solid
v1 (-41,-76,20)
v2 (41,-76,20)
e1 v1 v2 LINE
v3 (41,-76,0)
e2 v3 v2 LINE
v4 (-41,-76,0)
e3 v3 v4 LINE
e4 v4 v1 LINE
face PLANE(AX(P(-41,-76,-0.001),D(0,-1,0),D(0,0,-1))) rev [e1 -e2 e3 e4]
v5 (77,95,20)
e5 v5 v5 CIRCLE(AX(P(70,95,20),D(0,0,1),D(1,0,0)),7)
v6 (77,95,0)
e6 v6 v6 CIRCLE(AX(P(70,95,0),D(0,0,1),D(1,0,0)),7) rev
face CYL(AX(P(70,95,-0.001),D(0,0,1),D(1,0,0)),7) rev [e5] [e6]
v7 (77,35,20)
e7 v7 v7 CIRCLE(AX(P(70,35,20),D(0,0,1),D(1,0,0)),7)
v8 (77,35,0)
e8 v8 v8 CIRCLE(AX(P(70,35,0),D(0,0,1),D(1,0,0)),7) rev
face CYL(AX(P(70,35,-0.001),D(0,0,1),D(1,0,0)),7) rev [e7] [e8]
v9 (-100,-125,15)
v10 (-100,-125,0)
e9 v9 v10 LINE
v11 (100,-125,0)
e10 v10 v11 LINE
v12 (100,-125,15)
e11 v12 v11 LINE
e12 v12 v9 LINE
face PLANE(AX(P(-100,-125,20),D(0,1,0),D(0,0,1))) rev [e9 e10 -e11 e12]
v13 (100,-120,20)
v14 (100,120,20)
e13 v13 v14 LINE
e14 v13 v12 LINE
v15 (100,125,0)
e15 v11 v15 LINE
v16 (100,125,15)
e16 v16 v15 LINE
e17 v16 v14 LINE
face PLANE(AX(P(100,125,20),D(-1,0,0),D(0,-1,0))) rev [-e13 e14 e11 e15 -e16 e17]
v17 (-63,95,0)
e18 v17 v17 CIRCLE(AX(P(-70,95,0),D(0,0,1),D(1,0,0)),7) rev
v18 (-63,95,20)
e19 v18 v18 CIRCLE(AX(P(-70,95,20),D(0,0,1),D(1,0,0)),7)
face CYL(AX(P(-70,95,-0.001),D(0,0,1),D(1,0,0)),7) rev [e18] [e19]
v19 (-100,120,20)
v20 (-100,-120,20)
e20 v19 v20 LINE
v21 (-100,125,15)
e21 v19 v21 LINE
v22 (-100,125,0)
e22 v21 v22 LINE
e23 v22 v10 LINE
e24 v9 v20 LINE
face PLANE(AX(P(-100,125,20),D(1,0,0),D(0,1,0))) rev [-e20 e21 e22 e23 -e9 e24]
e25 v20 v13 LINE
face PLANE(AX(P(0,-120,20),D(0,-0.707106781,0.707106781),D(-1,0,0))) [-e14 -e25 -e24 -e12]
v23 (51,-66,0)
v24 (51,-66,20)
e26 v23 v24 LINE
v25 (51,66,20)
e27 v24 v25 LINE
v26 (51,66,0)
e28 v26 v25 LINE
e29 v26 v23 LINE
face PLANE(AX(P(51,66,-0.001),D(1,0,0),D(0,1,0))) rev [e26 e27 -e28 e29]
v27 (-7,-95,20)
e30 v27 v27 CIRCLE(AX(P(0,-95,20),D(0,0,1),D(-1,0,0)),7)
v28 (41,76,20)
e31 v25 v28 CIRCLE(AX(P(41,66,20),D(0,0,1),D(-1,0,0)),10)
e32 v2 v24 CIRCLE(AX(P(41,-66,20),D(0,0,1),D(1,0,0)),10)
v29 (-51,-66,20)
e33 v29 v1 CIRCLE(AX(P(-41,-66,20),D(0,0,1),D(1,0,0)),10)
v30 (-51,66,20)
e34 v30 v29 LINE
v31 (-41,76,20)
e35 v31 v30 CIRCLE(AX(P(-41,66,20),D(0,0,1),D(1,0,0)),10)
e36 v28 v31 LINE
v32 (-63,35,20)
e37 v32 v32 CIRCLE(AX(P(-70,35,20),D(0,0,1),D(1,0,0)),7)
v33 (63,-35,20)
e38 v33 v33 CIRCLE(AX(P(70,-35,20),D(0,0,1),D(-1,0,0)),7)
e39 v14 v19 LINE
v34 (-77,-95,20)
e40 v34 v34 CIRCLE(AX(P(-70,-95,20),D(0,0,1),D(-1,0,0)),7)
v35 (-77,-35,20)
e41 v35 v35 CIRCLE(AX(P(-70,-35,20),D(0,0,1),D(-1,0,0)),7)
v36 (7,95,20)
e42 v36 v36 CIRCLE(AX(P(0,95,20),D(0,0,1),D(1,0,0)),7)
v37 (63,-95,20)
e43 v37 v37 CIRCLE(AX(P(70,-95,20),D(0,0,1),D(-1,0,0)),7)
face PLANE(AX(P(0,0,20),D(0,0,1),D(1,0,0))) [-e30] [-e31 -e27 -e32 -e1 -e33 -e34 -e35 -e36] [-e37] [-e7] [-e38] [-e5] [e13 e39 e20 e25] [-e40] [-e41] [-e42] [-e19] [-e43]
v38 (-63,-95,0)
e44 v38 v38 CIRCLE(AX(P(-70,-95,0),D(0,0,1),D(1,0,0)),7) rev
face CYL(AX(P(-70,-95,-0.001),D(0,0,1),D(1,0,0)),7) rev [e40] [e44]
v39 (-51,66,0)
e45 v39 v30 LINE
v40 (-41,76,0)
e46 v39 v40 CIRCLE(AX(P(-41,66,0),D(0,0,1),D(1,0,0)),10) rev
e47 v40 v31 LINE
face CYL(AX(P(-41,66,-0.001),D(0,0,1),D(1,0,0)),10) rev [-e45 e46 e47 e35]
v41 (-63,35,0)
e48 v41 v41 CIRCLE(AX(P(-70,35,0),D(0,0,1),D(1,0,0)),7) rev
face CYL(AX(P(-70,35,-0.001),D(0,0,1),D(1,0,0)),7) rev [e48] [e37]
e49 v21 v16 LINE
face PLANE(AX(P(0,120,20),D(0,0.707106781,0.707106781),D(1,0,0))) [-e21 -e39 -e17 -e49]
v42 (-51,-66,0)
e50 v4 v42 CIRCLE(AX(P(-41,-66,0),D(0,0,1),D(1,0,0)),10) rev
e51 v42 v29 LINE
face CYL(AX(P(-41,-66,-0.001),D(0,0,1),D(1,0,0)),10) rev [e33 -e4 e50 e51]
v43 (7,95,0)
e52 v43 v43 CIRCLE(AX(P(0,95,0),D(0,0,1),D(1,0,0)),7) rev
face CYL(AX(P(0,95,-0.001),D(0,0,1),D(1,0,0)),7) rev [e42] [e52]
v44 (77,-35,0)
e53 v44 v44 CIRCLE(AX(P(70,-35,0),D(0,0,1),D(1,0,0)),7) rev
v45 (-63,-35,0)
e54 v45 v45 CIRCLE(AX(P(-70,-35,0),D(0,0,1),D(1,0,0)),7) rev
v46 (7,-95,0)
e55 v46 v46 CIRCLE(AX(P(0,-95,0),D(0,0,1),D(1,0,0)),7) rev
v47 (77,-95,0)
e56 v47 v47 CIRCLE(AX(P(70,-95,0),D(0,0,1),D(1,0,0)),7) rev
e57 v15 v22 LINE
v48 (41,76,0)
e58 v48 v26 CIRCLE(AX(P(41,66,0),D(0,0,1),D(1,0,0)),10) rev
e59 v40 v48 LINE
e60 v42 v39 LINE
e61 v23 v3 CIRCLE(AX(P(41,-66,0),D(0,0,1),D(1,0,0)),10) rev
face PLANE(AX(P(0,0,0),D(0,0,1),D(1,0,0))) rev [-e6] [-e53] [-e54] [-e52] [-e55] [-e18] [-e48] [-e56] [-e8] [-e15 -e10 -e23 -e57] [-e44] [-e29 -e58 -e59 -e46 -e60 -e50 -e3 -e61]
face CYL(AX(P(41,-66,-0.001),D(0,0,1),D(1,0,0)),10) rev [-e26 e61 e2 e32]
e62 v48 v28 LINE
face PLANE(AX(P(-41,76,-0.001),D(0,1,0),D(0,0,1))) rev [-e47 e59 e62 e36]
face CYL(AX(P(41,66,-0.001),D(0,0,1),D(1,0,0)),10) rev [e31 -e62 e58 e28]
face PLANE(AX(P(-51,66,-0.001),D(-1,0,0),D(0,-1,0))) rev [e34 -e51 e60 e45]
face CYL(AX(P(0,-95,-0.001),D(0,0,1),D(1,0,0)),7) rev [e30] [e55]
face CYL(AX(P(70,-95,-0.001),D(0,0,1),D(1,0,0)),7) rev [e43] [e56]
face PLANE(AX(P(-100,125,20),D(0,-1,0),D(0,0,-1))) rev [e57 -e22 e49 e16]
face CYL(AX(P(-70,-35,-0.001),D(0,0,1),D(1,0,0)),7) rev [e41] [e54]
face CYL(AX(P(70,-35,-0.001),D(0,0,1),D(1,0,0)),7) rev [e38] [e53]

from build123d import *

# Parameters (mm, degrees)
SKETCH_1_W          = 200
SKETCH_1_H          = 250
EXTRUDE_1_DEPTH     = 20
CUT_EXTRUDE_1_REACH = 163.323
SKETCH_2_R          = 7
CHAMFER_1_SIZE      = 5


with BuildPart() as part:
    # 草图1 → 凸台-拉伸1 (new body)
    with BuildSketch(Plane.XY):
        Rectangle(SKETCH_1_W, SKETCH_1_H)
    extrude(amount=EXTRUDE_1_DEPTH)

    # 草图2 → 切除-拉伸1 (cut, up to next)
    with BuildSketch(Plane.XY.offset(20), mode=Mode.PRIVATE) as cut_extrude_1_sk1:
        with Locations((-70, 95)):
            Circle(SKETCH_2_R)
    cut_extrude_1_tool1 = extrude(cut_extrude_1_sk1.sketch, amount=-CUT_EXTRUDE_1_REACH, mode=Mode.PRIVATE) & part.part
    # 草图2 → 切除-拉伸1 (cut, up to next)
    with BuildSketch(Plane.XY.offset(20), mode=Mode.PRIVATE) as cut_extrude_1_sk2:
        with Locations((0, 95)):
            Circle(SKETCH_2_R)
    cut_extrude_1_tool2 = extrude(cut_extrude_1_sk2.sketch, amount=-CUT_EXTRUDE_1_REACH, mode=Mode.PRIVATE) & part.part
    # 草图2 → 切除-拉伸1 (cut, up to next)
    with BuildSketch(Plane.XY.offset(20), mode=Mode.PRIVATE) as cut_extrude_1_sk3:
        with Locations((70, 95)):
            Circle(SKETCH_2_R)
    cut_extrude_1_tool3 = extrude(cut_extrude_1_sk3.sketch, amount=-CUT_EXTRUDE_1_REACH, mode=Mode.PRIVATE) & part.part
    # 草图2 → 切除-拉伸1 (cut, up to next)
    with BuildSketch(Plane.XY.offset(20), mode=Mode.PRIVATE) as cut_extrude_1_sk4:
        with Locations((-70, 35)):
            Circle(SKETCH_2_R)
    cut_extrude_1_tool4 = extrude(cut_extrude_1_sk4.sketch, amount=-CUT_EXTRUDE_1_REACH, mode=Mode.PRIVATE) & part.part
    # 草图2 → 切除-拉伸1 (cut, up to next)
    with BuildSketch(Plane.XY.offset(20), mode=Mode.PRIVATE) as cut_extrude_1_sk5:
        with Locations((70, 35)):
            Circle(SKETCH_2_R)
    cut_extrude_1_tool5 = extrude(cut_extrude_1_sk5.sketch, amount=-CUT_EXTRUDE_1_REACH, mode=Mode.PRIVATE) & part.part
    # 草图2 → 切除-拉伸1 (cut, up to next)
    with BuildSketch(Plane.XY.offset(20), mode=Mode.PRIVATE) as cut_extrude_1_sk6:
        with Locations((-70, -35)):
            Circle(SKETCH_2_R)
    cut_extrude_1_tool6 = extrude(cut_extrude_1_sk6.sketch, amount=-CUT_EXTRUDE_1_REACH, mode=Mode.PRIVATE) & part.part
    # 草图2 → 切除-拉伸1 (cut, up to next)
    with BuildSketch(Plane.XY.offset(20), mode=Mode.PRIVATE) as cut_extrude_1_sk7:
        with Locations((0, -95)):
            Circle(SKETCH_2_R)
    cut_extrude_1_tool7 = extrude(cut_extrude_1_sk7.sketch, amount=-CUT_EXTRUDE_1_REACH, mode=Mode.PRIVATE) & part.part
    # 草图2 → 切除-拉伸1 (cut, up to next)
    with BuildSketch(Plane.XY.offset(20), mode=Mode.PRIVATE) as cut_extrude_1_sk8:
        with Locations((-70, -95)):
            Circle(SKETCH_2_R)
    cut_extrude_1_tool8 = extrude(cut_extrude_1_sk8.sketch, amount=-CUT_EXTRUDE_1_REACH, mode=Mode.PRIVATE) & part.part
    # 草图2 → 切除-拉伸1 (cut, up to next)
    with BuildSketch(Plane.XY.offset(20), mode=Mode.PRIVATE) as cut_extrude_1_sk9:
        with Locations((70, -35)):
            Circle(SKETCH_2_R)
    cut_extrude_1_tool9 = extrude(cut_extrude_1_sk9.sketch, amount=-CUT_EXTRUDE_1_REACH, mode=Mode.PRIVATE) & part.part
    # 草图2 → 切除-拉伸1 (cut, up to next)
    with BuildSketch(Plane.XY.offset(20), mode=Mode.PRIVATE) as cut_extrude_1_sk10:
        with Locations((70, -95)):
            Circle(SKETCH_2_R)
    cut_extrude_1_tool10 = extrude(cut_extrude_1_sk10.sketch, amount=-CUT_EXTRUDE_1_REACH, mode=Mode.PRIVATE) & part.part
    # 草图2 → 切除-拉伸1 (cut, up to next)
    with BuildSketch(Plane.XY.offset(20), mode=Mode.PRIVATE) as cut_extrude_1_sk11:
        with BuildLine():
            Line((-41, 76), (41, 76))
            ThreePointArc((41, 76), (48.071067812, 73.071067812), (51, 66))
            Line((51, 66), (51, -66))
            ThreePointArc((51, -66), (48.071067812, -73.071067812), (41, -76))
            Line((41, -76), (-41, -76))
            ThreePointArc((-41, -76), (-48.071067812, -73.071067812), (-51, -66))
            Line((-51, -66), (-51, 66))
            ThreePointArc((-51, 66), (-48.071067812, 73.071067812), (-41, 76))
        make_face()
    cut_extrude_1_tool11 = extrude(cut_extrude_1_sk11.sketch, amount=-CUT_EXTRUDE_1_REACH, mode=Mode.PRIVATE) & part.part
    add(cut_extrude_1_tool1.solids().sort_by_distance((-70, 95, 20))[0], mode=Mode.SUBTRACT)
    add(cut_extrude_1_tool2.solids().sort_by_distance((0, 95, 20))[0], mode=Mode.SUBTRACT)
    add(cut_extrude_1_tool3.solids().sort_by_distance((70, 95, 20))[0], mode=Mode.SUBTRACT)
    add(cut_extrude_1_tool4.solids().sort_by_distance((-70, 35, 20))[0], mode=Mode.SUBTRACT)
    add(cut_extrude_1_tool5.solids().sort_by_distance((70, 35, 20))[0], mode=Mode.SUBTRACT)
    add(cut_extrude_1_tool6.solids().sort_by_distance((-70, -35, 20))[0], mode=Mode.SUBTRACT)
    add(cut_extrude_1_tool7.solids().sort_by_distance((0, -95, 20))[0], mode=Mode.SUBTRACT)
    add(cut_extrude_1_tool8.solids().sort_by_distance((-70, -95, 20))[0], mode=Mode.SUBTRACT)
    add(cut_extrude_1_tool9.solids().sort_by_distance((70, -35, 20))[0], mode=Mode.SUBTRACT)
    add(cut_extrude_1_tool10.solids().sort_by_distance((70, -95, 20))[0], mode=Mode.SUBTRACT)
    add(cut_extrude_1_tool11.solids().sort_by_distance((0, 0, 20))[0], mode=Mode.SUBTRACT)

    # 倒角1
    chamfer_1_edges = [part.edges().sort_by_distance(p)[0] for p in [
        (0, -125, 20),
        (0, 125, 20),
    ]]
    chamfer(chamfer_1_edges, length=CHAMFER_1_SIZE)


solid = part.part
